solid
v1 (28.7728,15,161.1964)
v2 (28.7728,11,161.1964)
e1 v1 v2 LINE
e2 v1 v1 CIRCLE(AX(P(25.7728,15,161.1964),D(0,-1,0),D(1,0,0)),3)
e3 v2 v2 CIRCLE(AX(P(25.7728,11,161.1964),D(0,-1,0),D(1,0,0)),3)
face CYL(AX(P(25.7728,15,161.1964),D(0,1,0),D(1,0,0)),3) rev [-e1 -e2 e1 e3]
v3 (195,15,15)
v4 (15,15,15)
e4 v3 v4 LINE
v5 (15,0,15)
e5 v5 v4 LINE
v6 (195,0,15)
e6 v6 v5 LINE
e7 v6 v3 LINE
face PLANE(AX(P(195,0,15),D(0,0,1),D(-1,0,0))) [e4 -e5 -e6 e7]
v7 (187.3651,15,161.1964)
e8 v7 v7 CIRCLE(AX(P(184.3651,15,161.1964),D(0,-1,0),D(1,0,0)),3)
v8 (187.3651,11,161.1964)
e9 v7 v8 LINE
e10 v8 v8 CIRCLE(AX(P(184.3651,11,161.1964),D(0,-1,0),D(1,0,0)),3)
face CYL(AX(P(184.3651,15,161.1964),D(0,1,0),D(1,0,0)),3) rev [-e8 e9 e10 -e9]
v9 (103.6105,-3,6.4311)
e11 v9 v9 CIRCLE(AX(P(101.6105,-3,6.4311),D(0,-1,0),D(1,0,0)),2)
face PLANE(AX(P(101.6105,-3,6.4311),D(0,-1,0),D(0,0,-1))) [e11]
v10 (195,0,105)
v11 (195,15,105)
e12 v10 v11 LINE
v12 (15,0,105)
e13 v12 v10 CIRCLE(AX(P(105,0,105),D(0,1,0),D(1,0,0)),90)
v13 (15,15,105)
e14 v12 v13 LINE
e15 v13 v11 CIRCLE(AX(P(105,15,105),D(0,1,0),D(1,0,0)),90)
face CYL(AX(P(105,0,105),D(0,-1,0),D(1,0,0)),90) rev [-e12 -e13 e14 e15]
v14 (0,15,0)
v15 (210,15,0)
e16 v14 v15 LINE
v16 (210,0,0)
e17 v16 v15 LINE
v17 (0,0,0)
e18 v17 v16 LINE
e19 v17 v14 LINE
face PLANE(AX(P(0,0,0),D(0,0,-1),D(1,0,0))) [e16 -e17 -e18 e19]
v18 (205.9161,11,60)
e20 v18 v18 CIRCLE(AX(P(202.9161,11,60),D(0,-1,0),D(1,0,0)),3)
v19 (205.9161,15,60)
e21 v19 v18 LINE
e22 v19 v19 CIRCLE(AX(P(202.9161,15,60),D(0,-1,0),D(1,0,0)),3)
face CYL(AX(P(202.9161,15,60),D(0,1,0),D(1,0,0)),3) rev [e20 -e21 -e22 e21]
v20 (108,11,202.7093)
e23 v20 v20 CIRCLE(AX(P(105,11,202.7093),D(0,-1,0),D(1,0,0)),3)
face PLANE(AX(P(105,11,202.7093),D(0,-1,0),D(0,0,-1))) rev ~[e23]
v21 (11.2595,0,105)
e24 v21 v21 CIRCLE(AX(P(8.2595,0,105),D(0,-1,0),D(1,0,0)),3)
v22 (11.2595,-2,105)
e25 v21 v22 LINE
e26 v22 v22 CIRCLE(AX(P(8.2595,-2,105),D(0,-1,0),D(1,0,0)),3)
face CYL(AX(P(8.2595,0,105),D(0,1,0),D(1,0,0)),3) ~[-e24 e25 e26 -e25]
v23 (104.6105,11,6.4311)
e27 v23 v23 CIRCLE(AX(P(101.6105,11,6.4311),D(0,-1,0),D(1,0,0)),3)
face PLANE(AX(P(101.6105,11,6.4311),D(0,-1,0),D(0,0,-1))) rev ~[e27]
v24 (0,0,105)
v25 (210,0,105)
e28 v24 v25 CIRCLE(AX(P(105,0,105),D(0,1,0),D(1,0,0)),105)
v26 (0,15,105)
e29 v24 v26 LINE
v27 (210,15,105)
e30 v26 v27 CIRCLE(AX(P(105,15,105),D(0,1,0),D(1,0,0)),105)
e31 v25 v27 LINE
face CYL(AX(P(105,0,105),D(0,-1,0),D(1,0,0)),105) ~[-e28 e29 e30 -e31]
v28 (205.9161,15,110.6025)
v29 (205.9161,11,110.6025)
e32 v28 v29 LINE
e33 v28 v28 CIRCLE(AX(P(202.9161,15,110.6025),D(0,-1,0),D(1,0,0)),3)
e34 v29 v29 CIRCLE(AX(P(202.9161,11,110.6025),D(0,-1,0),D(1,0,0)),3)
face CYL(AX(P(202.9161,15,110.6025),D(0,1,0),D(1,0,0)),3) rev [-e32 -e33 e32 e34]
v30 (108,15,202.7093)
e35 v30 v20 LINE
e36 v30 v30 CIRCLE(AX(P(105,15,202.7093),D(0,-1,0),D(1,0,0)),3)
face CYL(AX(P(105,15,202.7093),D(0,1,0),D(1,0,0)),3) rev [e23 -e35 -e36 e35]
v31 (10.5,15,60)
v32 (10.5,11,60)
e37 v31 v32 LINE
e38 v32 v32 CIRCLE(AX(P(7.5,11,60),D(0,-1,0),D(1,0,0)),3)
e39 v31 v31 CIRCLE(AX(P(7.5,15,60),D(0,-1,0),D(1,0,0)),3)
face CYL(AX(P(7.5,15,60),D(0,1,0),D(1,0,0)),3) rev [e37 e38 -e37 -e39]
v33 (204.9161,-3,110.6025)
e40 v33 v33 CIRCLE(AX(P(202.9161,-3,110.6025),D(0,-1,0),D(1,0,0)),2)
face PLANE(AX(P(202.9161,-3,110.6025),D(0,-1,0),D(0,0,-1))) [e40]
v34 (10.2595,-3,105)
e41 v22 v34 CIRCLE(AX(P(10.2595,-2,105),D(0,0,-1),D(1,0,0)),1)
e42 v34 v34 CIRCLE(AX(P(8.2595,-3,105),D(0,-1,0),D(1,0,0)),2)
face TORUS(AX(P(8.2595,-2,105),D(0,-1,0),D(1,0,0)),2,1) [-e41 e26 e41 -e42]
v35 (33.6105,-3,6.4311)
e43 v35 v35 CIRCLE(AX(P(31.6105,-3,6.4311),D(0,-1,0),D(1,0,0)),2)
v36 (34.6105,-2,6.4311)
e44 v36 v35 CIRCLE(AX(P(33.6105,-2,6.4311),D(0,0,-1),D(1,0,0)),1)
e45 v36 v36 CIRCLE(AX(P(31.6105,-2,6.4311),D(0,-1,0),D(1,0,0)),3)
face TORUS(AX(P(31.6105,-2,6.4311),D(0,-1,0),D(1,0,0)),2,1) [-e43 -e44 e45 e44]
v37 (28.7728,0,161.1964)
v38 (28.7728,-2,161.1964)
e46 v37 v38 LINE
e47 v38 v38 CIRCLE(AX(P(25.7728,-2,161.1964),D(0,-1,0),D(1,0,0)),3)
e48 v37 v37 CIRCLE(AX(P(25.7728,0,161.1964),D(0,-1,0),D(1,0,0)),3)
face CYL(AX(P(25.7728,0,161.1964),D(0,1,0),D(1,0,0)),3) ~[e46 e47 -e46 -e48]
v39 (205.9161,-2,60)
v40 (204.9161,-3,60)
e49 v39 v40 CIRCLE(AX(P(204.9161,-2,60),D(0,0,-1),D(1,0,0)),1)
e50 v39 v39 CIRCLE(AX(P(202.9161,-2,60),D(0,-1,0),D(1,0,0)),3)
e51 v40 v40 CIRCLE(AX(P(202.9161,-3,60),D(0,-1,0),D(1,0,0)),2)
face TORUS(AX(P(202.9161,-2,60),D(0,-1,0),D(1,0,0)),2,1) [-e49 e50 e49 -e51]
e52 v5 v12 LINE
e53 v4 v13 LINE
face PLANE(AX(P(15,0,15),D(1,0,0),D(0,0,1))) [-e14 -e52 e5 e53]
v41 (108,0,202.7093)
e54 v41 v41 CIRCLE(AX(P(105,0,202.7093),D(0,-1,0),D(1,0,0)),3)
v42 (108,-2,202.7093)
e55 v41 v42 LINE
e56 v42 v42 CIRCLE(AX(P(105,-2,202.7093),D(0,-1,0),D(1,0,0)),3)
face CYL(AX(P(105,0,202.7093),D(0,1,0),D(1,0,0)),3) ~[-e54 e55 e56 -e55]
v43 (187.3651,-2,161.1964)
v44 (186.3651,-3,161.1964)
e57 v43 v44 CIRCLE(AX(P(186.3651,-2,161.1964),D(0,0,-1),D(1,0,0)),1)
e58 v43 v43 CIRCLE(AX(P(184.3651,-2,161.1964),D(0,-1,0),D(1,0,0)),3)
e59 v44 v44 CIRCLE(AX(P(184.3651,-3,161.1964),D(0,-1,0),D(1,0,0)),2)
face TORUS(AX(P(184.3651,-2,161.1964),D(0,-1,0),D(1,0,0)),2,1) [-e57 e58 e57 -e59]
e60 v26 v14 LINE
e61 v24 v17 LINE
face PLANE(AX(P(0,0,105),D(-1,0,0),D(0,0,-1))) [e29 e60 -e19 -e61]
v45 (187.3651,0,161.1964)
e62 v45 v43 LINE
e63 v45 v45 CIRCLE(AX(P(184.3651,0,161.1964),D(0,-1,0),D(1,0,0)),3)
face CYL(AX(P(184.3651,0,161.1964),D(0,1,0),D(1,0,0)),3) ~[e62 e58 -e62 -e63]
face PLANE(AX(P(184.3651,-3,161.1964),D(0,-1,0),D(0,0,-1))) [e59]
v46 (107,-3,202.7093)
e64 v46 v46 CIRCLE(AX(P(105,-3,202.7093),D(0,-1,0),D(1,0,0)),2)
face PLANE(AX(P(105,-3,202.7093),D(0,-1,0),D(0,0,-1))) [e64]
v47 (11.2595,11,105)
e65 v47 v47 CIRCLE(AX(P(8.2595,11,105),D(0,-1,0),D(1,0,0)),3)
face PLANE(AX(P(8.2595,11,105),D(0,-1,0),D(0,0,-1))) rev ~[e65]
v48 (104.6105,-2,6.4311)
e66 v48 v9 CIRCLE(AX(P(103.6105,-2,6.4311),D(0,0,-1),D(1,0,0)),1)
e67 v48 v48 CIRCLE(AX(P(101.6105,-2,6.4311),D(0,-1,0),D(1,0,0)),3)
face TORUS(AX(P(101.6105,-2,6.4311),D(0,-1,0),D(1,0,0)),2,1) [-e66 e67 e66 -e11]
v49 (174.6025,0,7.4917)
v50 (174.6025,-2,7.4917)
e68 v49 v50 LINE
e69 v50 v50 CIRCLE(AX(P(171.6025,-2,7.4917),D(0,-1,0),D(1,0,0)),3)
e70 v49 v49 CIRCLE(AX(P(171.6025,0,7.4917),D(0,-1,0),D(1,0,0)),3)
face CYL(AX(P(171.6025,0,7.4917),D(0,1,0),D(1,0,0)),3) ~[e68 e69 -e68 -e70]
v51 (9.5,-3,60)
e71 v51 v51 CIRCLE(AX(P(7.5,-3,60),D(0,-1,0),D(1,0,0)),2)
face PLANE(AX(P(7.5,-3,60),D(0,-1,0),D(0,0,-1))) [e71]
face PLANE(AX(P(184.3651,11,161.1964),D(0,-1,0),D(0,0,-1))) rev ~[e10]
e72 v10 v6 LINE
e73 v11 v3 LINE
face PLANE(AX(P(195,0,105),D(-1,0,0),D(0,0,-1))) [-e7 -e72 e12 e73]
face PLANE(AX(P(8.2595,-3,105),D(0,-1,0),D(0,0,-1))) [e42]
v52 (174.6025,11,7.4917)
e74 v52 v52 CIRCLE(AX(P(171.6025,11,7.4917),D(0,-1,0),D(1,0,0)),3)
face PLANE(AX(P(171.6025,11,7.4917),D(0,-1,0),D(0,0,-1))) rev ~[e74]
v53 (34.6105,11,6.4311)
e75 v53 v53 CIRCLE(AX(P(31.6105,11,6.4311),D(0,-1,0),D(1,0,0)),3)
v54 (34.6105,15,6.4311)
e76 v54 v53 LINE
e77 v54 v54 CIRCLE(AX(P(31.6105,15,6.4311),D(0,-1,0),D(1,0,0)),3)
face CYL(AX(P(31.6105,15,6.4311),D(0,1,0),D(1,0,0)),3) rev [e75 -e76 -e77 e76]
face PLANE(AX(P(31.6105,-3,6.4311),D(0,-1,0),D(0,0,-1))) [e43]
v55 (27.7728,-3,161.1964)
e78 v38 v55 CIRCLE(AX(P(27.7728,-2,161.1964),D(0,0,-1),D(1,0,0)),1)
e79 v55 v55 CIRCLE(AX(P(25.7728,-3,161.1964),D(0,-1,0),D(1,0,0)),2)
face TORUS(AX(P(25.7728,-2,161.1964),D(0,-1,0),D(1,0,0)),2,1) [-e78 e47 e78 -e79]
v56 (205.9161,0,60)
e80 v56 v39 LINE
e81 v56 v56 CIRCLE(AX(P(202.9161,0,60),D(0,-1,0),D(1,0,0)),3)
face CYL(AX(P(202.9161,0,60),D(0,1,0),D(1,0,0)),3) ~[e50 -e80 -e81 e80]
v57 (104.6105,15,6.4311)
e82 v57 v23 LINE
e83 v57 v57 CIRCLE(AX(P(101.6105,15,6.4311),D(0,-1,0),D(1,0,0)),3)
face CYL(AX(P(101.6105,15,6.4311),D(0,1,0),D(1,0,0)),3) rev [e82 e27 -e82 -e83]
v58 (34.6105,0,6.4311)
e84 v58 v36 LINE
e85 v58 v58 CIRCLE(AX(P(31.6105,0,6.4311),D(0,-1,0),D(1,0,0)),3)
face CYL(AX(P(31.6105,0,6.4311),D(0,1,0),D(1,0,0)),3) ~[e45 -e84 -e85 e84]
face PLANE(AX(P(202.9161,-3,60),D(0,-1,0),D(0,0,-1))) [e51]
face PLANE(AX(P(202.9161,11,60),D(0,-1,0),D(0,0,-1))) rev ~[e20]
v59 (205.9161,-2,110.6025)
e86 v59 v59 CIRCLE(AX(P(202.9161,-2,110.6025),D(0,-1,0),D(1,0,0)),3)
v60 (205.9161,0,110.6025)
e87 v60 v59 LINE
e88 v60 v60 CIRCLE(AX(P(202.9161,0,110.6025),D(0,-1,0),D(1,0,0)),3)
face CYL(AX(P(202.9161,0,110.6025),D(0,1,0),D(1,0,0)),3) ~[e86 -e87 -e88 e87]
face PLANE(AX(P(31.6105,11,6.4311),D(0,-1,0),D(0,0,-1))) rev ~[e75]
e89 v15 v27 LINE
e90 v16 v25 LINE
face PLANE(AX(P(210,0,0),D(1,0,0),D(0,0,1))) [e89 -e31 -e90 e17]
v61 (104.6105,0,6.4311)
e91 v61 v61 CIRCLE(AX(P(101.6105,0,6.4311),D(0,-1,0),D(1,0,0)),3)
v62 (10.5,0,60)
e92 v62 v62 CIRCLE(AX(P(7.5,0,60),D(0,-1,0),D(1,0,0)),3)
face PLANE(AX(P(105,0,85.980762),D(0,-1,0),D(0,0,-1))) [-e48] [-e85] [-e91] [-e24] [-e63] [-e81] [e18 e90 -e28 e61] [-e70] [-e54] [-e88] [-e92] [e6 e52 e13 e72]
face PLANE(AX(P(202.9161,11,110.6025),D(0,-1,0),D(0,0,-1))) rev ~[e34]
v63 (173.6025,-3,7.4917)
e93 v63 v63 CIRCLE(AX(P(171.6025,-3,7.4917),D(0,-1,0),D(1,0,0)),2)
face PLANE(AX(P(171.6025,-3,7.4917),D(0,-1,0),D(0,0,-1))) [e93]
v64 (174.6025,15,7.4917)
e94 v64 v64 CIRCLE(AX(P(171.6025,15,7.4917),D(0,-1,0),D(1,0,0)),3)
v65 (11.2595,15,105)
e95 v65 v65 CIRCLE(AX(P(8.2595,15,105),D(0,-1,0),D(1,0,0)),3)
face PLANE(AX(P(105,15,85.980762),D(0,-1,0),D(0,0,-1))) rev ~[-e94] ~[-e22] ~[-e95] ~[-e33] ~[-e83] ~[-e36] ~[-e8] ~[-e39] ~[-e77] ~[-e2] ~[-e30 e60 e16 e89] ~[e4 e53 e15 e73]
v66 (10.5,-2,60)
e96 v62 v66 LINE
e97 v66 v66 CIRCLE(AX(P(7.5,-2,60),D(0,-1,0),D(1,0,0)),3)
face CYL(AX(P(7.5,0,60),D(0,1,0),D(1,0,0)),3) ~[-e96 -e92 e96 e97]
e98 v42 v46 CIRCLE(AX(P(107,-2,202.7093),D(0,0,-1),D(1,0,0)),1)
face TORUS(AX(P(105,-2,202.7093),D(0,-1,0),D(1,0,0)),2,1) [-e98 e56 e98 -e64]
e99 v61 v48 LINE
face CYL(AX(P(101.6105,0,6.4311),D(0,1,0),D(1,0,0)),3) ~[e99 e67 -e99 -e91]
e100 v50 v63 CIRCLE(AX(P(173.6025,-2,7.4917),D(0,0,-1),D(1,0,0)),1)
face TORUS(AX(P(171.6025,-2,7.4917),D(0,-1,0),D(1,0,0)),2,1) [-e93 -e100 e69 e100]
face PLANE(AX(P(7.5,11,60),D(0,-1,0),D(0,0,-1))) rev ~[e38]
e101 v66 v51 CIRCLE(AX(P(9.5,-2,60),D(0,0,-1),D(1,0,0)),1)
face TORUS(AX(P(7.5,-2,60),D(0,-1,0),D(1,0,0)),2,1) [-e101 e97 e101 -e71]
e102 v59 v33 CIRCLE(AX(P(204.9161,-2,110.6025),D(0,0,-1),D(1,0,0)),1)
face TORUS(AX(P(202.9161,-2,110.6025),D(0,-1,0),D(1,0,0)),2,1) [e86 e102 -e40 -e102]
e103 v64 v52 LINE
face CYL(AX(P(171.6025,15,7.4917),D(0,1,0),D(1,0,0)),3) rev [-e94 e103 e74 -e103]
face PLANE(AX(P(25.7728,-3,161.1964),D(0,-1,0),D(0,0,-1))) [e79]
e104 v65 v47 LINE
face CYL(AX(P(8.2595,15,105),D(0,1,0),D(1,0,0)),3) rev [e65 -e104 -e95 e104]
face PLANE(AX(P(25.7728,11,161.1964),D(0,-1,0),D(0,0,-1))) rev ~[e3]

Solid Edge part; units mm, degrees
sketch "Sketch1" plane through (0, 0, 0) normal (0, -1, 0) x (1, 0, 0)
  line L0 (210, 0) -> (210, 105)
  line L1 (0, 0) -> (210, 0)
  line L2 (0, 105) -> (0, 0)
  arc A0 (0, 105) -> (210, 105) centre (105, 105) cw
extrude "Protrusion1" add sketch "Sketch1" against normal blind 15
sketch "Sketch2" plane through (0, 0, 0) normal (0, -1, 0) x (1, 0, 0)
  arc A0 (15, 105) -> (195, 105) centre (105, 105) cw
  line L0 (195, 105) -> (195, 15)
  line L1 (195, 15) -> (15, 15)
  line L2 (15, 15) -> (15, 105)
extrude "ExtrudedCutout_1" cut sketch "Sketch2" against normal blind 15
sketch "Sketch3" plane through (0, 0, 0) normal (0, -1, 0) x (1, 0, 0)
  circle A0 centre (105, 202.7093) radius 3
  circle A1 centre (184.3651, 161.1964) radius 3
  circle A2 centre (202.9161, 110.6025) radius 3
  circle A3 centre (202.9161, 60) radius 3
  circle A4 centre (171.6025, 7.4917) radius 3
  circle A5 centre (101.6105, 6.4311) radius 3
  circle A6 centre (7.5, 60) radius 3
  circle A7 centre (31.6105, 6.4311) radius 3
  circle A8 centre (8.2595, 105) radius 3
  circle A9 centre (25.7728, 161.1964) radius 3
extrude "ExtrudedProtrusion_2" add sketch "Sketch3" along normal blind 3
sketch "Sketch4" plane through (0, 15, 0) normal (0, -1, 0) x (1, 0, 0)
  circle A0 centre (105, 202.7093) radius 3
  circle A1 centre (25.7728, 161.1964) radius 3
  circle A2 centre (8.2595, 105) radius 3
  circle A3 centre (7.5, 60) radius 3
  circle A4 centre (31.6105, 6.4311) radius 3
  circle A5 centre (101.6105, 6.4311) radius 3
  circle A6 centre (171.6025, 7.4917) radius 3
  circle A7 centre (202.9161, 60) radius 3
  circle A8 centre (202.9161, 110.6025) radius 3
  circle A9 centre (184.3651, 161.1964) radius 3
extrude "ExtrudedCutout_3" cut sketch "Sketch4" along normal blind 4
fillet "Round_3" radius 1 10 edges at (22.7728, -3, 161.1964) (102, -3, 202.7093) (181.3651, -3, 161.1964) (199.9161, -3, 110.6025) (199.9161, -3, 60) (168.6025, -3, 7.4917) (98.6105, -3, 6.4311) (28.6105, -3, 6.4311) (4.5, -3, 60) (5.2595, -3, 105)
